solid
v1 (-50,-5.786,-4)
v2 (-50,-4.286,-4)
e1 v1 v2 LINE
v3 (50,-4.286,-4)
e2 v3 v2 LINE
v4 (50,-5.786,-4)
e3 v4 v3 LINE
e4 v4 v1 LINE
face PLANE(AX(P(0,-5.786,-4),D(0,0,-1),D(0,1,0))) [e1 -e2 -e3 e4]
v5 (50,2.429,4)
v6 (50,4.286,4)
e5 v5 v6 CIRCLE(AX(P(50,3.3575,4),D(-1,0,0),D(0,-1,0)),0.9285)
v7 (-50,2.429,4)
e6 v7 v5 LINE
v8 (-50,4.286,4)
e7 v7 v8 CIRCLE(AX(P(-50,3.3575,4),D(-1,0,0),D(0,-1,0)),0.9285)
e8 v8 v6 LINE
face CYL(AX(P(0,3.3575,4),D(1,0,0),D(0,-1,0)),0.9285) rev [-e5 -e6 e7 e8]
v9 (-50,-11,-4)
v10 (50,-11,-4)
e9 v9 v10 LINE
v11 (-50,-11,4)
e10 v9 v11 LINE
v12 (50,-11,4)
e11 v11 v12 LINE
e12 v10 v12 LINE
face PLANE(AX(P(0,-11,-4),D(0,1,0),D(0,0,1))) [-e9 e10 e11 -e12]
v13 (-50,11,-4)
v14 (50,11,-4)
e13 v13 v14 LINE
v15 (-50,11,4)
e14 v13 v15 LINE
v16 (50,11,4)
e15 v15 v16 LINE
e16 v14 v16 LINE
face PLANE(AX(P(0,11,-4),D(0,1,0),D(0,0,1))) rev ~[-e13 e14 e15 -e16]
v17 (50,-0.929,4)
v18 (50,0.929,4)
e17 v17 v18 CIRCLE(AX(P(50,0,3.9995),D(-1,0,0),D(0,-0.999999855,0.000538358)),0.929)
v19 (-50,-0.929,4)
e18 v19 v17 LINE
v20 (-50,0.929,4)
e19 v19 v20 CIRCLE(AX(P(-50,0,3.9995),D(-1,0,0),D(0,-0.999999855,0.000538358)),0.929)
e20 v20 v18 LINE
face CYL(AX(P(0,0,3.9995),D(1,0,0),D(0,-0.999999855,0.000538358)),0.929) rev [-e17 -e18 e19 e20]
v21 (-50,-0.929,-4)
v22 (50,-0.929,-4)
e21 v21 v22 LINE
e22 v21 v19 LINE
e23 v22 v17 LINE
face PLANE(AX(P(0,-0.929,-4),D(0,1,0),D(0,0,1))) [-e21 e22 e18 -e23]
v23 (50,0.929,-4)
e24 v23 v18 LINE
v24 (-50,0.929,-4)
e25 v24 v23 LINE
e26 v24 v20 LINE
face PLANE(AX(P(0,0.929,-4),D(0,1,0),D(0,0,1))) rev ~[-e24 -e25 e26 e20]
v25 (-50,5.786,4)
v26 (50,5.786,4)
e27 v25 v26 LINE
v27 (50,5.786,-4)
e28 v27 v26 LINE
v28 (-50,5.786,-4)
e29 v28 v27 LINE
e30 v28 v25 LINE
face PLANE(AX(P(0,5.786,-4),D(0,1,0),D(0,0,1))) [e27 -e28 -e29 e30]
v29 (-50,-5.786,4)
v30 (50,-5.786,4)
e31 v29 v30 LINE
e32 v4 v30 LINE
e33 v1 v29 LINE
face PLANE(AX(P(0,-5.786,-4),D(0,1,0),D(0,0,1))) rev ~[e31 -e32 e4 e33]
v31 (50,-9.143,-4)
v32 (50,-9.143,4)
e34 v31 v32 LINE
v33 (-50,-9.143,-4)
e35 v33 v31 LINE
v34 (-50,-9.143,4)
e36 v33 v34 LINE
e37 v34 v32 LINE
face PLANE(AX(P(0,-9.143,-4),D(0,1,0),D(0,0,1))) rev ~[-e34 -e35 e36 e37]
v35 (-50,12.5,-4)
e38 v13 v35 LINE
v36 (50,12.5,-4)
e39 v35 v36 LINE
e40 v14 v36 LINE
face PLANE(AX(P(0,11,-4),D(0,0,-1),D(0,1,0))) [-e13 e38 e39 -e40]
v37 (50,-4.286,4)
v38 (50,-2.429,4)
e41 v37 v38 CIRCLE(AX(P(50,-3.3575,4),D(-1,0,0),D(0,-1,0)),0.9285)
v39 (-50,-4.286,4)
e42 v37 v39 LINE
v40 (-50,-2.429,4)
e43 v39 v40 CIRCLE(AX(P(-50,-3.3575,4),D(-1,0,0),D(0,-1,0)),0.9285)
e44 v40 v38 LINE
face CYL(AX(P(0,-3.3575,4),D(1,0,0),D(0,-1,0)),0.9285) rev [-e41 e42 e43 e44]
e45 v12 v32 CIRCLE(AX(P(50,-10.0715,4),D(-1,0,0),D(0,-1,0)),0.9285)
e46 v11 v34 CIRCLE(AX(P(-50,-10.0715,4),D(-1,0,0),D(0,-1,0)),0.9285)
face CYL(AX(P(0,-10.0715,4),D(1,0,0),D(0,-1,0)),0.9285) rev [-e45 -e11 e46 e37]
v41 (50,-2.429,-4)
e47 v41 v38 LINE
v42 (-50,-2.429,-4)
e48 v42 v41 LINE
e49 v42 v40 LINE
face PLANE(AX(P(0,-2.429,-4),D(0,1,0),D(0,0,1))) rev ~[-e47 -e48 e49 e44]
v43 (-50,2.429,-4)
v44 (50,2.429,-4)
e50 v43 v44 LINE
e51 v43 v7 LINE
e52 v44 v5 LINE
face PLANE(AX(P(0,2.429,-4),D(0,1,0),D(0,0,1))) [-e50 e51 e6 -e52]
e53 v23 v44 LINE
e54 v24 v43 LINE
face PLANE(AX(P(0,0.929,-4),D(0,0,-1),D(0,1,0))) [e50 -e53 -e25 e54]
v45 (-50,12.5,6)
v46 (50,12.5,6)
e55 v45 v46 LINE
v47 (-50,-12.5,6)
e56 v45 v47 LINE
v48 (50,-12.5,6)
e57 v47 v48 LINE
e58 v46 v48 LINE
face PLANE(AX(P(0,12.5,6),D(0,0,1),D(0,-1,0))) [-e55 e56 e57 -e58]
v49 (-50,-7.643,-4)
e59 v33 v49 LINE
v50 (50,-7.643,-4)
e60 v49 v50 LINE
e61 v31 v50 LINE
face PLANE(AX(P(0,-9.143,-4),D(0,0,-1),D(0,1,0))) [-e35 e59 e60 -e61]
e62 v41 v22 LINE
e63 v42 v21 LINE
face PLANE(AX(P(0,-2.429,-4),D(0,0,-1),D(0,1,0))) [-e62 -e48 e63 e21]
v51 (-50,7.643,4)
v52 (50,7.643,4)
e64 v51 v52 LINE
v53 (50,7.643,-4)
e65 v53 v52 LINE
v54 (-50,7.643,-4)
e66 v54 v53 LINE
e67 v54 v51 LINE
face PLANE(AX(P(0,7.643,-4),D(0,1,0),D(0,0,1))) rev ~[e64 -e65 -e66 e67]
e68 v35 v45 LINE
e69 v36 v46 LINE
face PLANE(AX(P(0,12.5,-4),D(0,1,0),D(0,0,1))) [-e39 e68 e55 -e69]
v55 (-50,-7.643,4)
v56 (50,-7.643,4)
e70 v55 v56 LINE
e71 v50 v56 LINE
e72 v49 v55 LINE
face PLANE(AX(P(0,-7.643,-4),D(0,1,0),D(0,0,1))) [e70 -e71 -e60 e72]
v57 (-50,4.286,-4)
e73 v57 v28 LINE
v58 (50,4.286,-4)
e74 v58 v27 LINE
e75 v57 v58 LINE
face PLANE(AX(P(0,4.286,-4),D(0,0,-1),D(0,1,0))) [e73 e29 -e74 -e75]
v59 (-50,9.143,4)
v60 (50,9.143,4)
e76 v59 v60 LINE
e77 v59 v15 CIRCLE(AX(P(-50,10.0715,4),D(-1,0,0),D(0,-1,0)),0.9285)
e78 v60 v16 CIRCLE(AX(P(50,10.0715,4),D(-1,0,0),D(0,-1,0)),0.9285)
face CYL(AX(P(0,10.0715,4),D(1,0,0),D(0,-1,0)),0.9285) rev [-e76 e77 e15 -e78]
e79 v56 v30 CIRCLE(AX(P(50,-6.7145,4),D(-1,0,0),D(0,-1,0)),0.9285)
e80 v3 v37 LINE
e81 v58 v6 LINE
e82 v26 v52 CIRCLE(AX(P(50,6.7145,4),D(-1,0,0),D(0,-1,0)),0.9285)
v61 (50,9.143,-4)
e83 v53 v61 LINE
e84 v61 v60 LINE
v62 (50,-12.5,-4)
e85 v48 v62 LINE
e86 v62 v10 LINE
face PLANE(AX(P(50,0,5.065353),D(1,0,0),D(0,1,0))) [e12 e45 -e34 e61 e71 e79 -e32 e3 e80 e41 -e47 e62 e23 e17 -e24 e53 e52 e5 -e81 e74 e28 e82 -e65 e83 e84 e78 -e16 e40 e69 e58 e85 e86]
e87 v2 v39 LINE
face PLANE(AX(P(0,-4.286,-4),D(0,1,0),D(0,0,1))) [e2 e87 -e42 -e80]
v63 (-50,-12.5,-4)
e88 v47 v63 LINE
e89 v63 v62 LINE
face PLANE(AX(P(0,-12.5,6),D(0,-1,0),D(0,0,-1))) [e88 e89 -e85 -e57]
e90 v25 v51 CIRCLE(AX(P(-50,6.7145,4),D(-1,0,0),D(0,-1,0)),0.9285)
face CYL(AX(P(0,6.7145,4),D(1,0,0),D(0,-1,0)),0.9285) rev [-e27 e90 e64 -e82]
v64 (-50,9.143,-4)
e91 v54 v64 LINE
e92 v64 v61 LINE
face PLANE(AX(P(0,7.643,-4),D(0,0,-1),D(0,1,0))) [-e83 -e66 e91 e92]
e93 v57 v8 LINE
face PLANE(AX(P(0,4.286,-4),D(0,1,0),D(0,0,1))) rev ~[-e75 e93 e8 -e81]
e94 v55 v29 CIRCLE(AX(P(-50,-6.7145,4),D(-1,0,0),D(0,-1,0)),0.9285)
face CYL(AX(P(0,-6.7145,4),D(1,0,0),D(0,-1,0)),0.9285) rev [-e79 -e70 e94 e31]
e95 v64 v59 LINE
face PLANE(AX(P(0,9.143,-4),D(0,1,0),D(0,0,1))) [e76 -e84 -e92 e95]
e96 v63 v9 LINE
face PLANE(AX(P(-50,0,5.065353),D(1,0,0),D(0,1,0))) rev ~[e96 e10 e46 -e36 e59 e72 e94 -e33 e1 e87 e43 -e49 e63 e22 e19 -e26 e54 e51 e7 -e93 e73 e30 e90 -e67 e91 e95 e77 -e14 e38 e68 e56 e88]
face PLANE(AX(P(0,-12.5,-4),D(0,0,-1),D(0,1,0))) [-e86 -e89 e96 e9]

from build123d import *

# Parameters (mm, degrees)
F0_W     = 1.5
F0_H     = 8
F1_DEPTH = 50


with BuildPart() as f1:
    # F0 (on Right) → F1 (new body, symmetric)
    with BuildSketch(Plane.YZ):
        with BuildLine():
            ThreePointArc((-4.286, 4), (-3.3575, 4.9285), (-2.429, 4))
            Line((-2.429, 4), (-0.929, 4))
            ThreePointArc((-0.929, 4), (0, 4.9285), (0.929, 4))
            Line((0.929, 4), (2.429, 4))
            ThreePointArc((2.429, 4), (3.3575, 4.9285), (4.286, 4))
            Line((4.286, 4), (5.786, 4))
            ThreePointArc((5.786, 4), (6.7145, 4.9285), (7.643, 4))
            Line((7.643, 4), (9.143, 4))
            ThreePointArc((9.143, 4), (10.0715, 4.9285), (11, 4))
            Line((11, 4), (12.5, 4))
            Line((12.5, 4), (12.5, 6))
            Line((12.5, 6), (-12.5, 6))
            Line((-12.5, 6), (-12.5, 4))
            Line((-12.5, 4), (-11, 4))
            ThreePointArc((-11, 4), (-10.0715, 4.9285), (-9.143, 4))
            Line((-9.143, 4), (-7.643, 4))
            ThreePointArc((-7.643, 4), (-6.7145, 4.9285), (-5.786, 4))
            Line((-5.786, 4), (-4.286, 4))
        make_face()
        with Locations((-11.75, 0)):
            Rectangle(F0_W, F0_H)
        with Locations((-8.393, 0)):
            Rectangle(F0_W, F0_H)
        with Locations((-5.036, 0)):
            Rectangle(F0_W, F0_H)
        with Locations((-1.679, 0)):
            Rectangle(F0_W, F0_H)
        with Locations((1.679, 0)):
            Rectangle(F0_W, F0_H)
        with Locations((5.036, 0)):
            Rectangle(F0_W, F0_H)
        with Locations((8.393, 0)):
            Rectangle(F0_W, F0_H)
        with Locations((11.75, 0)):
            Rectangle(F0_W, F0_H)
    extrude(amount=F1_DEPTH, both=True)


solid = f1.part
